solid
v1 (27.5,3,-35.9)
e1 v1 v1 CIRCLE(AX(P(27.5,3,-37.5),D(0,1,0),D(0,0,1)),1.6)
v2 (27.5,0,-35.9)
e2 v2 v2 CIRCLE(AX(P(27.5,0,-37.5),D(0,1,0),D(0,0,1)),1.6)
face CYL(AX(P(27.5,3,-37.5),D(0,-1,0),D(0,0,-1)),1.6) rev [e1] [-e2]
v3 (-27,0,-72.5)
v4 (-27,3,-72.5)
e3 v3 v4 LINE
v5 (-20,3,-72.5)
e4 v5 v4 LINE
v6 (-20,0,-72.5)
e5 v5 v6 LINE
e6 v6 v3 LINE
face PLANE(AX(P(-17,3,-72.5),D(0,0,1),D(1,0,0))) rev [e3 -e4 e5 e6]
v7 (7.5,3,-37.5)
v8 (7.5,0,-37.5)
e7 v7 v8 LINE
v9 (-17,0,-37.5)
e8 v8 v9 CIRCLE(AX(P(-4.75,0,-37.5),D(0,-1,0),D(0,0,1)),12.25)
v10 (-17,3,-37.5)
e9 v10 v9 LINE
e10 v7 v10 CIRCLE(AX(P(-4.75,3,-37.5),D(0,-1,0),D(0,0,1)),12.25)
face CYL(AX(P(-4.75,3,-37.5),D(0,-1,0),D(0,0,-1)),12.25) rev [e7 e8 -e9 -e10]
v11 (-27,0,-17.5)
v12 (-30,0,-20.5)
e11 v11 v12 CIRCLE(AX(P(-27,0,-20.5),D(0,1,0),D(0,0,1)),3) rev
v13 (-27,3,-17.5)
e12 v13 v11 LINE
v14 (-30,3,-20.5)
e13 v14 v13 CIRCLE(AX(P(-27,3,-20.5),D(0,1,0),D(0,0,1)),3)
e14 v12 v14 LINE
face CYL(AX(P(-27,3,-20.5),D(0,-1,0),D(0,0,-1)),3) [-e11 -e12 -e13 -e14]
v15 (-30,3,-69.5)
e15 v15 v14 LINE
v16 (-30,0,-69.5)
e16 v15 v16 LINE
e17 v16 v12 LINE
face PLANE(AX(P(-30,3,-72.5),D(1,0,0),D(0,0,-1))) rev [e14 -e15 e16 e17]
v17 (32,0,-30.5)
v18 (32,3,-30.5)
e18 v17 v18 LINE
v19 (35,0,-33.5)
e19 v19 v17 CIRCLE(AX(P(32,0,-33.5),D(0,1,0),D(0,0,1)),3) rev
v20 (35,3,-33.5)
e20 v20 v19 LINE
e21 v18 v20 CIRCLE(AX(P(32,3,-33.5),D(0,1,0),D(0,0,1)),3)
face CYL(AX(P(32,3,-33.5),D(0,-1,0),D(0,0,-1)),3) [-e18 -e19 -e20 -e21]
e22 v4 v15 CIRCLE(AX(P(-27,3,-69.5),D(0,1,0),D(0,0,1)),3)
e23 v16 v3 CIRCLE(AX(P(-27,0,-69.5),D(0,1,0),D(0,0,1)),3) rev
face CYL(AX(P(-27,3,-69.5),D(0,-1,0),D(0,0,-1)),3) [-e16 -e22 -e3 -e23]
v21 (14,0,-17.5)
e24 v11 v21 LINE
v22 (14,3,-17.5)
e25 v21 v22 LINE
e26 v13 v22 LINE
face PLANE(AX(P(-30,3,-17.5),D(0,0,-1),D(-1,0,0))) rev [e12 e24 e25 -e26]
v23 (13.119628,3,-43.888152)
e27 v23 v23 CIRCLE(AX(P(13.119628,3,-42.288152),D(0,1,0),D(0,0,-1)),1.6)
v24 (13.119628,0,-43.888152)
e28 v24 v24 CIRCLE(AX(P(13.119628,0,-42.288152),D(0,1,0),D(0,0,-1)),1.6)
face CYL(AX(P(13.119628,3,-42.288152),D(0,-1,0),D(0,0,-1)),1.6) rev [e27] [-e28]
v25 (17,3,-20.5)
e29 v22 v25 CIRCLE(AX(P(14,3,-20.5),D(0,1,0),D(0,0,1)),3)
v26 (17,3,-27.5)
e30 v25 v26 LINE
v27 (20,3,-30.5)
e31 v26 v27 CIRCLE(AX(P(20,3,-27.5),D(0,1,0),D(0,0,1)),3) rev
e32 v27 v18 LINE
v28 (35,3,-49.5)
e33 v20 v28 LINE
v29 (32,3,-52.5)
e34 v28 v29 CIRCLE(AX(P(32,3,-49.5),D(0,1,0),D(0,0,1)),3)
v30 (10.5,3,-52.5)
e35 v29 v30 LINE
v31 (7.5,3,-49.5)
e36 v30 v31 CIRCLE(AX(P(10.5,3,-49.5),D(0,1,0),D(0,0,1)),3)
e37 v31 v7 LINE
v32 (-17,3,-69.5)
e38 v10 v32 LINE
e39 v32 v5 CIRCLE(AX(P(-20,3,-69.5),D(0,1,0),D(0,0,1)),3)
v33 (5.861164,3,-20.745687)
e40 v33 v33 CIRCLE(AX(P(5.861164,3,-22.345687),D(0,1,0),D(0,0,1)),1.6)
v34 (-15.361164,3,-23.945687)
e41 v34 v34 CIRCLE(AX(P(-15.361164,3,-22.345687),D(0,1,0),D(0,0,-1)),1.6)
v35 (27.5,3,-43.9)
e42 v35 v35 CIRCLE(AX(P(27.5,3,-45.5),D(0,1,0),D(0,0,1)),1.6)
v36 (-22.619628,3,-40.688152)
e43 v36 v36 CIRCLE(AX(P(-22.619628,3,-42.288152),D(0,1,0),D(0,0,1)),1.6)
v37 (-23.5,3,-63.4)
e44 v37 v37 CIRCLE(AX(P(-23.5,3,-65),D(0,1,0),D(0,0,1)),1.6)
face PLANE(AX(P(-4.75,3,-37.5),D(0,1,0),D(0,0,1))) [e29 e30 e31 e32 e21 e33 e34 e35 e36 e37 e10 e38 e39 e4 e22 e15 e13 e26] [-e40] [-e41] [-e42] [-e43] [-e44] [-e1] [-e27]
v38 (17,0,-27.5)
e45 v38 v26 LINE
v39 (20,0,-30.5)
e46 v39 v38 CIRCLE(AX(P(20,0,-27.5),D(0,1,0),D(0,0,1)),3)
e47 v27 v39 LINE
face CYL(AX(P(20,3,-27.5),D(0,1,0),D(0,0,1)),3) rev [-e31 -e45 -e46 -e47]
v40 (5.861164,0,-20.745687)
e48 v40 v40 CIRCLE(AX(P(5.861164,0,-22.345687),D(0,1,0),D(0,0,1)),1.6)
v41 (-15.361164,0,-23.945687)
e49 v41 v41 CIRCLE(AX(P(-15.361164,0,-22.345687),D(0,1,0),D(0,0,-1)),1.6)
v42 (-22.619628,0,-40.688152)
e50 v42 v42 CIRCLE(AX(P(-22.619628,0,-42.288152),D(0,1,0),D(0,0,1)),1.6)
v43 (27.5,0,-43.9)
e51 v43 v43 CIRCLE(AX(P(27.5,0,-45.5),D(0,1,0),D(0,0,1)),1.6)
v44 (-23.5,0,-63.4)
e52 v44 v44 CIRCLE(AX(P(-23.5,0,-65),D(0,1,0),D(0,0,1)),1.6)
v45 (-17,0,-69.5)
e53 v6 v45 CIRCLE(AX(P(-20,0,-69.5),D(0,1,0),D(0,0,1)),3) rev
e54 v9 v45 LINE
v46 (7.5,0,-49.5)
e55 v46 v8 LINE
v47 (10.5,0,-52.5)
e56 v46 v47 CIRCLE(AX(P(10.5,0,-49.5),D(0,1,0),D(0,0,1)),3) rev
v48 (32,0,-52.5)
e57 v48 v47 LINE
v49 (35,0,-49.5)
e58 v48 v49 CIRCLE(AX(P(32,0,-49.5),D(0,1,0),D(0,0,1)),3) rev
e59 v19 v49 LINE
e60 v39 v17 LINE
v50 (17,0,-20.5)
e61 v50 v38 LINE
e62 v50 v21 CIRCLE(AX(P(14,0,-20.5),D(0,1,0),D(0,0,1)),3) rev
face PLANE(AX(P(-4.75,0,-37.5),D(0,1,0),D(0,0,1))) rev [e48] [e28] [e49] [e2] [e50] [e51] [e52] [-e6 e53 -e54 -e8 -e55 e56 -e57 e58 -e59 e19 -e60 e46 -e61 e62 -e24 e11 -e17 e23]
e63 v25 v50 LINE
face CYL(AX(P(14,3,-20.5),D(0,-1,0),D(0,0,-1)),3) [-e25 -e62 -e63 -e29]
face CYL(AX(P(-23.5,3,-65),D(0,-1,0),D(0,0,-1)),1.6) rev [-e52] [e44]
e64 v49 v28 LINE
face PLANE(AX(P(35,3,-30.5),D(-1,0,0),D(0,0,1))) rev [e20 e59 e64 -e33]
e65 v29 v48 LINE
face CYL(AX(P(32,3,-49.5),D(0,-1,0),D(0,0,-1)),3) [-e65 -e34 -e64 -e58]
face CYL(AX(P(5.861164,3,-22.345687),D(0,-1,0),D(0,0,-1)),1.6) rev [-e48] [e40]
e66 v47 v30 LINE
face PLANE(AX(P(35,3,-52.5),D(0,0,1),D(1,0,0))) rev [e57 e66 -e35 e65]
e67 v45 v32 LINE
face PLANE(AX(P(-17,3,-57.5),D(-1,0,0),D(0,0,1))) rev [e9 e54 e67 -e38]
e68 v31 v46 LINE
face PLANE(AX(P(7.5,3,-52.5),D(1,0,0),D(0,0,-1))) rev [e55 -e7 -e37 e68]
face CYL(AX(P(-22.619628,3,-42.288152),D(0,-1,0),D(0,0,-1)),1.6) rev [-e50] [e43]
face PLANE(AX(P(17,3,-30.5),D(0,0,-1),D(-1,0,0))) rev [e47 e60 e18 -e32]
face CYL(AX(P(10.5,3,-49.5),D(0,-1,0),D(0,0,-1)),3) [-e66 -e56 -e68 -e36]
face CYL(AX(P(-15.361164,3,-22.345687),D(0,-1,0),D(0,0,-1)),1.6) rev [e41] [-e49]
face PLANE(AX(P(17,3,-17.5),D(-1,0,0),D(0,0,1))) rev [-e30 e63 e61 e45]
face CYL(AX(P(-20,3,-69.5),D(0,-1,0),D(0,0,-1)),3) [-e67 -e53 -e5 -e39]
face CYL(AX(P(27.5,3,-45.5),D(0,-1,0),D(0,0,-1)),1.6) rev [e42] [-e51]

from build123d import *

# Parameters (mm, degrees)
SKETCH_1_R      = 1.6
EXTRUDE_1_DEPTH = 3
FILLET_1_R      = 3


with BuildPart() as part:
    # 草图1 → 凸台-拉伸1 (new body)
    with BuildSketch(Plane(origin=(0, 0, 0), x_dir=(1, 0, 0), z_dir=(0, 1, 0))):
        with BuildLine():
            Line((-17, 57.5), (-17, 72.5))
            Line((-17, 72.5), (-30, 72.5))
            Line((-30, 72.5), (-30, 17.5))
            Line((-30, 17.5), (17, 17.5))
            Line((17, 17.5), (17, 30.5))
            Line((17, 30.5), (35, 30.5))
            Line((35, 30.5), (35, 52.5))
            Line((35, 52.5), (7.5, 52.5))
            Line((7.5, 52.5), (7.5, 37.5))
            ThreePointArc((7.5, 37.5), (-4.75, 25.25), (-17, 37.5))
            Line((-17, 37.5), (-17, 57.5))
        make_face()
        with Locations(Location((-23.5, 65, 0), (0, 0, 270))):
            Circle(SKETCH_1_R, mode=Mode.SUBTRACT)
        with Locations(Location((27.5, 45.5, 0), (0, 0, 270))):
            Circle(SKETCH_1_R, mode=Mode.SUBTRACT)
        with Locations(Location((27.5, 37.5, 0), (0, 0, 270))):
            Circle(SKETCH_1_R, mode=Mode.SUBTRACT)
        with Locations(Location((-22.619627786, 42.288152334, 0), (0, 0, 270))):
            Circle(SKETCH_1_R, mode=Mode.SUBTRACT)
        with Locations(Location((-15.361164072, 22.345687181, 0), (0, 0, 90))):
            Circle(SKETCH_1_R, mode=Mode.SUBTRACT)
        with Locations(Location((5.861164072, 22.345687181, 0), (0, 0, 270))):
            Circle(SKETCH_1_R, mode=Mode.SUBTRACT)
        with Locations(Location((13.119627786, 42.288152334, 0), (0, 0, 90))):
            Circle(SKETCH_1_R, mode=Mode.SUBTRACT)
    extrude(amount=EXTRUDE_1_DEPTH)

    # 圆角1
    fillet_1_edges = [part.edges().sort_by_distance(p)[0] for p in [
        (7.5, 1.5, -52.5),
        (35, 1.5, -52.5),
        (35, 1.5, -30.5),
        (17, 1.5, -30.5),
        (17, 1.5, -17.5),
        (-30, 1.5, -17.5),
        (-30, 1.5, -72.5),
        (-17, 1.5, -72.5),
    ]]
    fillet(fillet_1_edges, radius=FILLET_1_R)


solid = part.part
